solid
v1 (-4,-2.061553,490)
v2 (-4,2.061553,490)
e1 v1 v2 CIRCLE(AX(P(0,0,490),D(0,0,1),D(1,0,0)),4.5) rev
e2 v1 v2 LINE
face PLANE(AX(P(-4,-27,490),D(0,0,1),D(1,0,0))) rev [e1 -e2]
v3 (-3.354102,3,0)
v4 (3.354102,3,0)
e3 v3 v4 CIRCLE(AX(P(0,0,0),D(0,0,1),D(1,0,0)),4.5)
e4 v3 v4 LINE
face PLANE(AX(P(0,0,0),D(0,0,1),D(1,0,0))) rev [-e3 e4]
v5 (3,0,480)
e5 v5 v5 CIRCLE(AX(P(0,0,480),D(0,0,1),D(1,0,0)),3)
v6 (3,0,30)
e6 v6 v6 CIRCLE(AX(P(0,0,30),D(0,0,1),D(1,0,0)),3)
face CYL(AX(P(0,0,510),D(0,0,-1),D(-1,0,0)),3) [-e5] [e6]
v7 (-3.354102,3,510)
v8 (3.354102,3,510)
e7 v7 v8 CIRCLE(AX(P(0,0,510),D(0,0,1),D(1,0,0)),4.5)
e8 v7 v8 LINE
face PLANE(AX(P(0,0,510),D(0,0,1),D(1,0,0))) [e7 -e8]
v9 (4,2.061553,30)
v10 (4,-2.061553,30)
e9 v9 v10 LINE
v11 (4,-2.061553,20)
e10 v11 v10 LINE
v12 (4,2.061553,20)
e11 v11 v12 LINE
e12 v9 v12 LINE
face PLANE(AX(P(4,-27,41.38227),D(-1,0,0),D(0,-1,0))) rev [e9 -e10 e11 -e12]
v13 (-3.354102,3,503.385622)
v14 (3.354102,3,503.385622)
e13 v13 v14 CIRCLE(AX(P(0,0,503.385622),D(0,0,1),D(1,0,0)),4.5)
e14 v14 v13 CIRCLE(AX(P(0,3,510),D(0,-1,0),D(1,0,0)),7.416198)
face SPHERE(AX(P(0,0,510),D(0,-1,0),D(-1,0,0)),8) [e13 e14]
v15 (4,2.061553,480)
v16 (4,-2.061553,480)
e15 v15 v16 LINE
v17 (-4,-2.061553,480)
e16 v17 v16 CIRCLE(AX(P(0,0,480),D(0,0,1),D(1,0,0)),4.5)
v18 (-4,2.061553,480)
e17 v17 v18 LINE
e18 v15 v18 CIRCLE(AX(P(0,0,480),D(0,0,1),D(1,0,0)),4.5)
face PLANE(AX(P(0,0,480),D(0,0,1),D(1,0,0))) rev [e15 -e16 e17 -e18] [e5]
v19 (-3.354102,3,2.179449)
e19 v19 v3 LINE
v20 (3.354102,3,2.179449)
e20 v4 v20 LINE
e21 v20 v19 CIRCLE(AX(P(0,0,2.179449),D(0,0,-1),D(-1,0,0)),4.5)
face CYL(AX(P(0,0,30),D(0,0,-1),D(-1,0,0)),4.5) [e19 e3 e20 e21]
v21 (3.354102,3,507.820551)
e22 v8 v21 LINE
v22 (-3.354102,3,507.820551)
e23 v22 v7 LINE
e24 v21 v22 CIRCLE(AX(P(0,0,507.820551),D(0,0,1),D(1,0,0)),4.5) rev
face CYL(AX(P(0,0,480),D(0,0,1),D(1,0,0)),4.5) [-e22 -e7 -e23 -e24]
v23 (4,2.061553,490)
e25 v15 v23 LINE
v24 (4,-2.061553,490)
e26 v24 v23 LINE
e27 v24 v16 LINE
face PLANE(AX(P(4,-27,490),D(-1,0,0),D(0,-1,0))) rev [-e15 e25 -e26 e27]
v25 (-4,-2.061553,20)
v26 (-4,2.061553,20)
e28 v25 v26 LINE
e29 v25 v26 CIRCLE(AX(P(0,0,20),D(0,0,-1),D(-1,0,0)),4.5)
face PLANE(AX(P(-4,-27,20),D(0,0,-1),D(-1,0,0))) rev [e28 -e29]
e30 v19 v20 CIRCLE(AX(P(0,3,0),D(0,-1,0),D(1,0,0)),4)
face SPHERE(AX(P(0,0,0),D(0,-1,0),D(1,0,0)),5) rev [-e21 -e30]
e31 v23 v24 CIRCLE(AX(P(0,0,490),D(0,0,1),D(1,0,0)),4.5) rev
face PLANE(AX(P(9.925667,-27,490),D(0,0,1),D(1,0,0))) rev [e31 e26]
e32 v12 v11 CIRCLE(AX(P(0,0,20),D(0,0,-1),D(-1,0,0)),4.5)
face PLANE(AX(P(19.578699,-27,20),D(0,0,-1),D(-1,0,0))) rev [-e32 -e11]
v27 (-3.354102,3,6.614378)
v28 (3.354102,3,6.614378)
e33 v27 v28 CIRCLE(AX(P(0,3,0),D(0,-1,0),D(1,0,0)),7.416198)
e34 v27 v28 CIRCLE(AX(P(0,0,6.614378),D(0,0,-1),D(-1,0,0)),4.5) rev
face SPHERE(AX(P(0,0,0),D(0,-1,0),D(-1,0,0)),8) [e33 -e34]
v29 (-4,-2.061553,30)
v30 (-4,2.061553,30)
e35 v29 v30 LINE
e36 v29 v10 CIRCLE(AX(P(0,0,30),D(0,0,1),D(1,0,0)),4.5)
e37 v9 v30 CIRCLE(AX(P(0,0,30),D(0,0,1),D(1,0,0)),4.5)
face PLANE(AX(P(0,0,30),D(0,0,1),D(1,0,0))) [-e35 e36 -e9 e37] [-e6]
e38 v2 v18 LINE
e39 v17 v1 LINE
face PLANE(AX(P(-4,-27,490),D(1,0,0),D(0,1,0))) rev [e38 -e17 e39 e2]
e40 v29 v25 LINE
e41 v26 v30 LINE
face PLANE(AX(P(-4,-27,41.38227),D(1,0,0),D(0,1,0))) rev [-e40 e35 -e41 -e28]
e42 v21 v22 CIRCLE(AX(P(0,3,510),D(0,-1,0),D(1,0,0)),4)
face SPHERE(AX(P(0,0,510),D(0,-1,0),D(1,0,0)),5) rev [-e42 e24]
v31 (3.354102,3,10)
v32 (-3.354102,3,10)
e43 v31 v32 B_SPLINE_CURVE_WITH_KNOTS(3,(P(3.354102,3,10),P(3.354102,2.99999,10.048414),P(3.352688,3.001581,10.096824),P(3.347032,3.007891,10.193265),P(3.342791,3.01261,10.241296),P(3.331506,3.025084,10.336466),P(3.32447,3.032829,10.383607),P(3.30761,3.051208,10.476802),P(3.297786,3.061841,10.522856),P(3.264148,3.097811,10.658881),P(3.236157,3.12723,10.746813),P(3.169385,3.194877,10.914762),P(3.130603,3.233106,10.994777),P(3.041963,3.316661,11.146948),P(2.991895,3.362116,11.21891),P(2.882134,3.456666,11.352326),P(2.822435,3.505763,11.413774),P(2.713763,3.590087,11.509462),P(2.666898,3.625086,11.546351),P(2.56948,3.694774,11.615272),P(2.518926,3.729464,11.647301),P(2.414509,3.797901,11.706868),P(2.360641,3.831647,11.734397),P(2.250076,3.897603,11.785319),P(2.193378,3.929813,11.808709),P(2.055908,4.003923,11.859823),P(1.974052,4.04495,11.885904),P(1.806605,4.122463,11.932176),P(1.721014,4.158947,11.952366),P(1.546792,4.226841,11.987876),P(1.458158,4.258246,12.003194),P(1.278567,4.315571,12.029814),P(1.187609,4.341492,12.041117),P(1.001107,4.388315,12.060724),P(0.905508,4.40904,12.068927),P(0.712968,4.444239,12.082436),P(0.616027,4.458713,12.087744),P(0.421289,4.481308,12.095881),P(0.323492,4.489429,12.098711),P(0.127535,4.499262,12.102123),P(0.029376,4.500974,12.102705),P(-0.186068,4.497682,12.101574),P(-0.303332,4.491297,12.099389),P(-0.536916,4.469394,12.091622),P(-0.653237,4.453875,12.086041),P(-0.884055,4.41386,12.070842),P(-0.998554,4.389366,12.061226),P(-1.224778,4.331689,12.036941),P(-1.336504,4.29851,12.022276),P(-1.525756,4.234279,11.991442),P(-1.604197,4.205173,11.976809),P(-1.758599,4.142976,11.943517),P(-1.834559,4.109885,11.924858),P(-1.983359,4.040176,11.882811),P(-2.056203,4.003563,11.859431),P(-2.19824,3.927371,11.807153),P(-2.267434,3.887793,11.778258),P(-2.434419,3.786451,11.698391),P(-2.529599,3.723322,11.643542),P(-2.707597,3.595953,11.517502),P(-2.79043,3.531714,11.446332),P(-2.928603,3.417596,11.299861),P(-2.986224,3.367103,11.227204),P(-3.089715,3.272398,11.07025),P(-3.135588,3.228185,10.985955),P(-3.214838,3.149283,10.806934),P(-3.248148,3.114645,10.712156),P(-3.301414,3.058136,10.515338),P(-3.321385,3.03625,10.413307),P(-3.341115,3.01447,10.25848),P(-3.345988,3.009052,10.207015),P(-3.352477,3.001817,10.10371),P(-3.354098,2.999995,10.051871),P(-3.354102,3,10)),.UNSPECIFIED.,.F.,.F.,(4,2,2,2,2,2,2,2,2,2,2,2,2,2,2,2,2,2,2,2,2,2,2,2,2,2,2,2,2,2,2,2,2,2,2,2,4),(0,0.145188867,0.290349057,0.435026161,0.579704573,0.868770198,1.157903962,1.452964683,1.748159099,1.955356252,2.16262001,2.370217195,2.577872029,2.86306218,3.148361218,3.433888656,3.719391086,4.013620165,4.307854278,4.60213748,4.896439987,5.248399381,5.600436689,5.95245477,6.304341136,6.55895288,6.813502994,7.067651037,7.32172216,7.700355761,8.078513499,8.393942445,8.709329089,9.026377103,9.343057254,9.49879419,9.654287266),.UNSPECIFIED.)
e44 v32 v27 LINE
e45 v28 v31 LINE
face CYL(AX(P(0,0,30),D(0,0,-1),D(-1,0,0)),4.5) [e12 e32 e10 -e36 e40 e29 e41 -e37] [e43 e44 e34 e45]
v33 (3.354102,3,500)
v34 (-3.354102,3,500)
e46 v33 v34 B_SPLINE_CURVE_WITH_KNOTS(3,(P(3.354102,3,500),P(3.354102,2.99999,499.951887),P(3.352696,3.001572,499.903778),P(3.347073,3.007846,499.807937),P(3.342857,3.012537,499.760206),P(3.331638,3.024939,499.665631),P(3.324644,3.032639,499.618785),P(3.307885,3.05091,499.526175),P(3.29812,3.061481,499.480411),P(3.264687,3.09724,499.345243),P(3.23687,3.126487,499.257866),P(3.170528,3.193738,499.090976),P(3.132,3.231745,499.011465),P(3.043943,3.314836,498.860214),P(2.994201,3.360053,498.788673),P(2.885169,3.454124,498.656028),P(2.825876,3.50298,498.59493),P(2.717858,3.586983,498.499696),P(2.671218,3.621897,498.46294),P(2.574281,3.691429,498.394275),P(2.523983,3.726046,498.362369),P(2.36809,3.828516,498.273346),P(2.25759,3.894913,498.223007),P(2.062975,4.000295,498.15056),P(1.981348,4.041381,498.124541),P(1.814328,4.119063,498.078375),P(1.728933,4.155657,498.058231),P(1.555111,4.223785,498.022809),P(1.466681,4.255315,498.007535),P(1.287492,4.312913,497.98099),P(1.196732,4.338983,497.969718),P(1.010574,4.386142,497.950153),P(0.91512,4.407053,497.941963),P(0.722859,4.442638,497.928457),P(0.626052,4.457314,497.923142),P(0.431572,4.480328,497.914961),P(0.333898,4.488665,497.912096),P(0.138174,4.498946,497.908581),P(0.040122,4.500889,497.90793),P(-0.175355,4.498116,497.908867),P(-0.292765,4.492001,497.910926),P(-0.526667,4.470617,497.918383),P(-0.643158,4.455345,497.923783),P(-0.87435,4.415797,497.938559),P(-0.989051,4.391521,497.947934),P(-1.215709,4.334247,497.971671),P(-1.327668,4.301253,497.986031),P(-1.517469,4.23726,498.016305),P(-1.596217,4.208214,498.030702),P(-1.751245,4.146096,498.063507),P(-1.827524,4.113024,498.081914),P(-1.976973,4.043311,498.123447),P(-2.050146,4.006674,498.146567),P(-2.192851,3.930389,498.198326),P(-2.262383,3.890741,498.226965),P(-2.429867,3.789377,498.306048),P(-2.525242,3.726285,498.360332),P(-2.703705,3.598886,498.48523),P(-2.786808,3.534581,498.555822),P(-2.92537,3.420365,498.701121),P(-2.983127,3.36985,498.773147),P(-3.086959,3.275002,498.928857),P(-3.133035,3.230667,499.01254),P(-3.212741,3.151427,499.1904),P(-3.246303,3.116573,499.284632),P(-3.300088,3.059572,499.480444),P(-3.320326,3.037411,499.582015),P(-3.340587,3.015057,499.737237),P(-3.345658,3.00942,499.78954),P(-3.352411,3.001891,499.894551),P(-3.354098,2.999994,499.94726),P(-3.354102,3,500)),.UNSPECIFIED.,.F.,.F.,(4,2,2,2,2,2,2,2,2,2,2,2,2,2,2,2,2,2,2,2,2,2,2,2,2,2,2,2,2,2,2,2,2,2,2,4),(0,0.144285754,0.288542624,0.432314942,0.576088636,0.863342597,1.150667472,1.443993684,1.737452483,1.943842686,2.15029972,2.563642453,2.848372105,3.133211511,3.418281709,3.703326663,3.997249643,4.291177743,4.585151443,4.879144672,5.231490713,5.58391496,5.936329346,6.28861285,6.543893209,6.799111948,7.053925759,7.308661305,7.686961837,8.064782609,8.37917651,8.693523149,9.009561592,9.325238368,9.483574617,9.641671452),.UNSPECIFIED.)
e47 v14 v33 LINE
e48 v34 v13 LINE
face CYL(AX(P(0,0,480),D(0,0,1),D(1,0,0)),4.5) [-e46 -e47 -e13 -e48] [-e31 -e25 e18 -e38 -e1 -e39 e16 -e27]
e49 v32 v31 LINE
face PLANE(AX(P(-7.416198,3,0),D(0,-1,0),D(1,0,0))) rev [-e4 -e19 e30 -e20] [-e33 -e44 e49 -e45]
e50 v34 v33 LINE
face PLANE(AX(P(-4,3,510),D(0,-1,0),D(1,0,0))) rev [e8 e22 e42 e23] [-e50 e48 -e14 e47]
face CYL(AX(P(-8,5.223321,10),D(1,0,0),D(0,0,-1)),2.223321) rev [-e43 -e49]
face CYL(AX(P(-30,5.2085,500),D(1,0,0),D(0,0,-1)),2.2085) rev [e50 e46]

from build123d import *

# Parameters (mm, degrees)
SKETCH_2_R               = 3
EXTRUDE_1_DEPTH          = 510
SKETCH_7_R               = 4.5
EXTRUDE_2_DEPTH          = 30
CUT_EXTRUDE_1_DEPTH      = 519.123537392
CUT_EXTRUDE_1_DEPTH_BACK = 519.123537392
EXTRUDE_START            = -30
SKETCH_9_R               = 4.5
EXTRUDE_3_DEPTH          = 30
CUT_EXTRUDE_2_DEPTH      = 30
CUT_EXTRUDE_2_DEPTH_BACK = 30
CUT_EXTRUDE_3_DEPTH      = 30
CUT_EXTRUDE_3_DEPTH_BACK = 30
SKETCH_11_W              = 5.925666616
SKETCH_11_H              = 14.898307071
SKETCH_11_W_2            = 6.139683371
SKETCH_11_W_3            = 15.578698717
SKETCH_11_H_2            = 21.382269556
SKETCH_11_W_4            = 12.448960945


with BuildPart() as part:
    # 草图1 → 旋转4 (revolve)
    with BuildSketch(Plane.XY):
        with BuildLine():
            Line((-7.416198487, 3), (-4, 3))
            ThreePointArc((-4, 3), (-4.472135955, -2.236067977), (0, -5))
            Line((0, -5), (0, -8))
            ThreePointArc((0, -8), (-6.633249581, -4.472135955), (-7.416198487, 3))
        make_face()
    revolve(axis=Axis((0, -1000, 0), (0, 1, 0)))

    # 草图2 → 拉伸1 (add)
    with BuildSketch(Plane.XY):
        Circle(SKETCH_2_R)
    extrude(amount=EXTRUDE_1_DEPTH)

    # 草图4 → 切除-旋转1 (revolve, cut)
    with BuildSketch(Plane.XY):
        with BuildLine():
            Line((0, -5), (0, 5))
            ThreePointArc((0, 5), (-5, 0), (0, -5))
        make_face()
    revolve(axis=Axis((0, -1000, 0), (0, 1, 0)), mode=Mode.SUBTRACT)

    # 草图6 → 旋转6 (revolve)
    with BuildSketch(Plane.XY.offset(510)):
        with BuildLine():
            Line((-4, 3), (-7.416198487, 3))
            ThreePointArc((-7.416198487, 3), (-6.633249581, -4.472135955), (0, -8))
            Line((0, -8), (0, -5))
            ThreePointArc((0, -5), (-4.472135955, -2.236067978), (-4, 3))
        make_face()
    revolve(axis=Axis((0, -1000, 510), (0, 1, 0)))

    # 草图7 → 拉伸2 (add)
    with BuildSketch(Plane.XY):
        Circle(SKETCH_7_R)
    extrude(amount=EXTRUDE_2_DEPTH)

    # 草图8 → 切除-拉伸1 (cut, two sides: drawn at the far end of the back side and taken through both)
    with BuildSketch(Plane(origin=(0, 0, 0), x_dir=(0, 0, -1), z_dir=(1, 0, 0)).offset(-CUT_EXTRUDE_1_DEPTH_BACK)):
        with BuildLine():
            Line((7.416198487, 3), (-10, 3))
            ThreePointArc((-10, 3), (-11.291313525, 3.41344103), (-12.102370681, 4.5))
            Line((-12.102370681, 4.5), (0, 4.5))
            Line((0, 4.5), (7.416198487, 3))
        make_face()
    extrude(amount=CUT_EXTRUDE_1_DEPTH + CUT_EXTRUDE_1_DEPTH_BACK, mode=Mode.SUBTRACT)

    # 草图9 → 拉伸3 (add)
    with BuildSketch(Plane.XY.offset(510).offset(EXTRUDE_START)):
        Circle(SKETCH_9_R)
    extrude(amount=EXTRUDE_3_DEPTH)

    # 草图10 → 切除-拉伸2 (cut, two sides: drawn at the far end of the back side and taken through both)
    with BuildSketch(Plane(origin=(0, 0, 0), x_dir=(0, 0, -1), z_dir=(1, 0, 0)).offset(-CUT_EXTRUDE_2_DEPTH_BACK)):
        with BuildLine():
            Line((-522.263931155, 3), (-500, 3))
            ThreePointArc((-500, 3), (-498.712997614, 3.413758441), (-497.908230279, 4.5))
            Line((-497.908230279, 4.5), (-522.188391586, 4.5))
            Line((-522.188391586, 4.5), (-522.263931155, 3))
        make_face()
    extrude(amount=CUT_EXTRUDE_2_DEPTH + CUT_EXTRUDE_2_DEPTH_BACK, mode=Mode.SUBTRACT)

    # 草图11 → 切除-拉伸3 (cut, two sides: drawn at the far end of the back side and taken through both)
    with BuildSketch(Plane(origin=(0, 3, 0), x_dir=(-1, 0, 0), z_dir=(0, 1, 0)).offset(-CUT_EXTRUDE_3_DEPTH_BACK)):
        with Locations((-6.962833308, 482.550846465)):
            Rectangle(SKETCH_11_W, SKETCH_11_H)
        with Locations((7.069841686, 482.550846465)):
            Rectangle(SKETCH_11_W_2, SKETCH_11_H)
        with Locations((-11.789349359, 30.691134778)):
            Rectangle(SKETCH_11_W_3, SKETCH_11_H_2)
        with Locations((10.224480472, 30.691134778)):
            Rectangle(SKETCH_11_W_4, SKETCH_11_H_2)
    extrude(amount=CUT_EXTRUDE_3_DEPTH + CUT_EXTRUDE_3_DEPTH_BACK, mode=Mode.SUBTRACT)


solid = part.part
